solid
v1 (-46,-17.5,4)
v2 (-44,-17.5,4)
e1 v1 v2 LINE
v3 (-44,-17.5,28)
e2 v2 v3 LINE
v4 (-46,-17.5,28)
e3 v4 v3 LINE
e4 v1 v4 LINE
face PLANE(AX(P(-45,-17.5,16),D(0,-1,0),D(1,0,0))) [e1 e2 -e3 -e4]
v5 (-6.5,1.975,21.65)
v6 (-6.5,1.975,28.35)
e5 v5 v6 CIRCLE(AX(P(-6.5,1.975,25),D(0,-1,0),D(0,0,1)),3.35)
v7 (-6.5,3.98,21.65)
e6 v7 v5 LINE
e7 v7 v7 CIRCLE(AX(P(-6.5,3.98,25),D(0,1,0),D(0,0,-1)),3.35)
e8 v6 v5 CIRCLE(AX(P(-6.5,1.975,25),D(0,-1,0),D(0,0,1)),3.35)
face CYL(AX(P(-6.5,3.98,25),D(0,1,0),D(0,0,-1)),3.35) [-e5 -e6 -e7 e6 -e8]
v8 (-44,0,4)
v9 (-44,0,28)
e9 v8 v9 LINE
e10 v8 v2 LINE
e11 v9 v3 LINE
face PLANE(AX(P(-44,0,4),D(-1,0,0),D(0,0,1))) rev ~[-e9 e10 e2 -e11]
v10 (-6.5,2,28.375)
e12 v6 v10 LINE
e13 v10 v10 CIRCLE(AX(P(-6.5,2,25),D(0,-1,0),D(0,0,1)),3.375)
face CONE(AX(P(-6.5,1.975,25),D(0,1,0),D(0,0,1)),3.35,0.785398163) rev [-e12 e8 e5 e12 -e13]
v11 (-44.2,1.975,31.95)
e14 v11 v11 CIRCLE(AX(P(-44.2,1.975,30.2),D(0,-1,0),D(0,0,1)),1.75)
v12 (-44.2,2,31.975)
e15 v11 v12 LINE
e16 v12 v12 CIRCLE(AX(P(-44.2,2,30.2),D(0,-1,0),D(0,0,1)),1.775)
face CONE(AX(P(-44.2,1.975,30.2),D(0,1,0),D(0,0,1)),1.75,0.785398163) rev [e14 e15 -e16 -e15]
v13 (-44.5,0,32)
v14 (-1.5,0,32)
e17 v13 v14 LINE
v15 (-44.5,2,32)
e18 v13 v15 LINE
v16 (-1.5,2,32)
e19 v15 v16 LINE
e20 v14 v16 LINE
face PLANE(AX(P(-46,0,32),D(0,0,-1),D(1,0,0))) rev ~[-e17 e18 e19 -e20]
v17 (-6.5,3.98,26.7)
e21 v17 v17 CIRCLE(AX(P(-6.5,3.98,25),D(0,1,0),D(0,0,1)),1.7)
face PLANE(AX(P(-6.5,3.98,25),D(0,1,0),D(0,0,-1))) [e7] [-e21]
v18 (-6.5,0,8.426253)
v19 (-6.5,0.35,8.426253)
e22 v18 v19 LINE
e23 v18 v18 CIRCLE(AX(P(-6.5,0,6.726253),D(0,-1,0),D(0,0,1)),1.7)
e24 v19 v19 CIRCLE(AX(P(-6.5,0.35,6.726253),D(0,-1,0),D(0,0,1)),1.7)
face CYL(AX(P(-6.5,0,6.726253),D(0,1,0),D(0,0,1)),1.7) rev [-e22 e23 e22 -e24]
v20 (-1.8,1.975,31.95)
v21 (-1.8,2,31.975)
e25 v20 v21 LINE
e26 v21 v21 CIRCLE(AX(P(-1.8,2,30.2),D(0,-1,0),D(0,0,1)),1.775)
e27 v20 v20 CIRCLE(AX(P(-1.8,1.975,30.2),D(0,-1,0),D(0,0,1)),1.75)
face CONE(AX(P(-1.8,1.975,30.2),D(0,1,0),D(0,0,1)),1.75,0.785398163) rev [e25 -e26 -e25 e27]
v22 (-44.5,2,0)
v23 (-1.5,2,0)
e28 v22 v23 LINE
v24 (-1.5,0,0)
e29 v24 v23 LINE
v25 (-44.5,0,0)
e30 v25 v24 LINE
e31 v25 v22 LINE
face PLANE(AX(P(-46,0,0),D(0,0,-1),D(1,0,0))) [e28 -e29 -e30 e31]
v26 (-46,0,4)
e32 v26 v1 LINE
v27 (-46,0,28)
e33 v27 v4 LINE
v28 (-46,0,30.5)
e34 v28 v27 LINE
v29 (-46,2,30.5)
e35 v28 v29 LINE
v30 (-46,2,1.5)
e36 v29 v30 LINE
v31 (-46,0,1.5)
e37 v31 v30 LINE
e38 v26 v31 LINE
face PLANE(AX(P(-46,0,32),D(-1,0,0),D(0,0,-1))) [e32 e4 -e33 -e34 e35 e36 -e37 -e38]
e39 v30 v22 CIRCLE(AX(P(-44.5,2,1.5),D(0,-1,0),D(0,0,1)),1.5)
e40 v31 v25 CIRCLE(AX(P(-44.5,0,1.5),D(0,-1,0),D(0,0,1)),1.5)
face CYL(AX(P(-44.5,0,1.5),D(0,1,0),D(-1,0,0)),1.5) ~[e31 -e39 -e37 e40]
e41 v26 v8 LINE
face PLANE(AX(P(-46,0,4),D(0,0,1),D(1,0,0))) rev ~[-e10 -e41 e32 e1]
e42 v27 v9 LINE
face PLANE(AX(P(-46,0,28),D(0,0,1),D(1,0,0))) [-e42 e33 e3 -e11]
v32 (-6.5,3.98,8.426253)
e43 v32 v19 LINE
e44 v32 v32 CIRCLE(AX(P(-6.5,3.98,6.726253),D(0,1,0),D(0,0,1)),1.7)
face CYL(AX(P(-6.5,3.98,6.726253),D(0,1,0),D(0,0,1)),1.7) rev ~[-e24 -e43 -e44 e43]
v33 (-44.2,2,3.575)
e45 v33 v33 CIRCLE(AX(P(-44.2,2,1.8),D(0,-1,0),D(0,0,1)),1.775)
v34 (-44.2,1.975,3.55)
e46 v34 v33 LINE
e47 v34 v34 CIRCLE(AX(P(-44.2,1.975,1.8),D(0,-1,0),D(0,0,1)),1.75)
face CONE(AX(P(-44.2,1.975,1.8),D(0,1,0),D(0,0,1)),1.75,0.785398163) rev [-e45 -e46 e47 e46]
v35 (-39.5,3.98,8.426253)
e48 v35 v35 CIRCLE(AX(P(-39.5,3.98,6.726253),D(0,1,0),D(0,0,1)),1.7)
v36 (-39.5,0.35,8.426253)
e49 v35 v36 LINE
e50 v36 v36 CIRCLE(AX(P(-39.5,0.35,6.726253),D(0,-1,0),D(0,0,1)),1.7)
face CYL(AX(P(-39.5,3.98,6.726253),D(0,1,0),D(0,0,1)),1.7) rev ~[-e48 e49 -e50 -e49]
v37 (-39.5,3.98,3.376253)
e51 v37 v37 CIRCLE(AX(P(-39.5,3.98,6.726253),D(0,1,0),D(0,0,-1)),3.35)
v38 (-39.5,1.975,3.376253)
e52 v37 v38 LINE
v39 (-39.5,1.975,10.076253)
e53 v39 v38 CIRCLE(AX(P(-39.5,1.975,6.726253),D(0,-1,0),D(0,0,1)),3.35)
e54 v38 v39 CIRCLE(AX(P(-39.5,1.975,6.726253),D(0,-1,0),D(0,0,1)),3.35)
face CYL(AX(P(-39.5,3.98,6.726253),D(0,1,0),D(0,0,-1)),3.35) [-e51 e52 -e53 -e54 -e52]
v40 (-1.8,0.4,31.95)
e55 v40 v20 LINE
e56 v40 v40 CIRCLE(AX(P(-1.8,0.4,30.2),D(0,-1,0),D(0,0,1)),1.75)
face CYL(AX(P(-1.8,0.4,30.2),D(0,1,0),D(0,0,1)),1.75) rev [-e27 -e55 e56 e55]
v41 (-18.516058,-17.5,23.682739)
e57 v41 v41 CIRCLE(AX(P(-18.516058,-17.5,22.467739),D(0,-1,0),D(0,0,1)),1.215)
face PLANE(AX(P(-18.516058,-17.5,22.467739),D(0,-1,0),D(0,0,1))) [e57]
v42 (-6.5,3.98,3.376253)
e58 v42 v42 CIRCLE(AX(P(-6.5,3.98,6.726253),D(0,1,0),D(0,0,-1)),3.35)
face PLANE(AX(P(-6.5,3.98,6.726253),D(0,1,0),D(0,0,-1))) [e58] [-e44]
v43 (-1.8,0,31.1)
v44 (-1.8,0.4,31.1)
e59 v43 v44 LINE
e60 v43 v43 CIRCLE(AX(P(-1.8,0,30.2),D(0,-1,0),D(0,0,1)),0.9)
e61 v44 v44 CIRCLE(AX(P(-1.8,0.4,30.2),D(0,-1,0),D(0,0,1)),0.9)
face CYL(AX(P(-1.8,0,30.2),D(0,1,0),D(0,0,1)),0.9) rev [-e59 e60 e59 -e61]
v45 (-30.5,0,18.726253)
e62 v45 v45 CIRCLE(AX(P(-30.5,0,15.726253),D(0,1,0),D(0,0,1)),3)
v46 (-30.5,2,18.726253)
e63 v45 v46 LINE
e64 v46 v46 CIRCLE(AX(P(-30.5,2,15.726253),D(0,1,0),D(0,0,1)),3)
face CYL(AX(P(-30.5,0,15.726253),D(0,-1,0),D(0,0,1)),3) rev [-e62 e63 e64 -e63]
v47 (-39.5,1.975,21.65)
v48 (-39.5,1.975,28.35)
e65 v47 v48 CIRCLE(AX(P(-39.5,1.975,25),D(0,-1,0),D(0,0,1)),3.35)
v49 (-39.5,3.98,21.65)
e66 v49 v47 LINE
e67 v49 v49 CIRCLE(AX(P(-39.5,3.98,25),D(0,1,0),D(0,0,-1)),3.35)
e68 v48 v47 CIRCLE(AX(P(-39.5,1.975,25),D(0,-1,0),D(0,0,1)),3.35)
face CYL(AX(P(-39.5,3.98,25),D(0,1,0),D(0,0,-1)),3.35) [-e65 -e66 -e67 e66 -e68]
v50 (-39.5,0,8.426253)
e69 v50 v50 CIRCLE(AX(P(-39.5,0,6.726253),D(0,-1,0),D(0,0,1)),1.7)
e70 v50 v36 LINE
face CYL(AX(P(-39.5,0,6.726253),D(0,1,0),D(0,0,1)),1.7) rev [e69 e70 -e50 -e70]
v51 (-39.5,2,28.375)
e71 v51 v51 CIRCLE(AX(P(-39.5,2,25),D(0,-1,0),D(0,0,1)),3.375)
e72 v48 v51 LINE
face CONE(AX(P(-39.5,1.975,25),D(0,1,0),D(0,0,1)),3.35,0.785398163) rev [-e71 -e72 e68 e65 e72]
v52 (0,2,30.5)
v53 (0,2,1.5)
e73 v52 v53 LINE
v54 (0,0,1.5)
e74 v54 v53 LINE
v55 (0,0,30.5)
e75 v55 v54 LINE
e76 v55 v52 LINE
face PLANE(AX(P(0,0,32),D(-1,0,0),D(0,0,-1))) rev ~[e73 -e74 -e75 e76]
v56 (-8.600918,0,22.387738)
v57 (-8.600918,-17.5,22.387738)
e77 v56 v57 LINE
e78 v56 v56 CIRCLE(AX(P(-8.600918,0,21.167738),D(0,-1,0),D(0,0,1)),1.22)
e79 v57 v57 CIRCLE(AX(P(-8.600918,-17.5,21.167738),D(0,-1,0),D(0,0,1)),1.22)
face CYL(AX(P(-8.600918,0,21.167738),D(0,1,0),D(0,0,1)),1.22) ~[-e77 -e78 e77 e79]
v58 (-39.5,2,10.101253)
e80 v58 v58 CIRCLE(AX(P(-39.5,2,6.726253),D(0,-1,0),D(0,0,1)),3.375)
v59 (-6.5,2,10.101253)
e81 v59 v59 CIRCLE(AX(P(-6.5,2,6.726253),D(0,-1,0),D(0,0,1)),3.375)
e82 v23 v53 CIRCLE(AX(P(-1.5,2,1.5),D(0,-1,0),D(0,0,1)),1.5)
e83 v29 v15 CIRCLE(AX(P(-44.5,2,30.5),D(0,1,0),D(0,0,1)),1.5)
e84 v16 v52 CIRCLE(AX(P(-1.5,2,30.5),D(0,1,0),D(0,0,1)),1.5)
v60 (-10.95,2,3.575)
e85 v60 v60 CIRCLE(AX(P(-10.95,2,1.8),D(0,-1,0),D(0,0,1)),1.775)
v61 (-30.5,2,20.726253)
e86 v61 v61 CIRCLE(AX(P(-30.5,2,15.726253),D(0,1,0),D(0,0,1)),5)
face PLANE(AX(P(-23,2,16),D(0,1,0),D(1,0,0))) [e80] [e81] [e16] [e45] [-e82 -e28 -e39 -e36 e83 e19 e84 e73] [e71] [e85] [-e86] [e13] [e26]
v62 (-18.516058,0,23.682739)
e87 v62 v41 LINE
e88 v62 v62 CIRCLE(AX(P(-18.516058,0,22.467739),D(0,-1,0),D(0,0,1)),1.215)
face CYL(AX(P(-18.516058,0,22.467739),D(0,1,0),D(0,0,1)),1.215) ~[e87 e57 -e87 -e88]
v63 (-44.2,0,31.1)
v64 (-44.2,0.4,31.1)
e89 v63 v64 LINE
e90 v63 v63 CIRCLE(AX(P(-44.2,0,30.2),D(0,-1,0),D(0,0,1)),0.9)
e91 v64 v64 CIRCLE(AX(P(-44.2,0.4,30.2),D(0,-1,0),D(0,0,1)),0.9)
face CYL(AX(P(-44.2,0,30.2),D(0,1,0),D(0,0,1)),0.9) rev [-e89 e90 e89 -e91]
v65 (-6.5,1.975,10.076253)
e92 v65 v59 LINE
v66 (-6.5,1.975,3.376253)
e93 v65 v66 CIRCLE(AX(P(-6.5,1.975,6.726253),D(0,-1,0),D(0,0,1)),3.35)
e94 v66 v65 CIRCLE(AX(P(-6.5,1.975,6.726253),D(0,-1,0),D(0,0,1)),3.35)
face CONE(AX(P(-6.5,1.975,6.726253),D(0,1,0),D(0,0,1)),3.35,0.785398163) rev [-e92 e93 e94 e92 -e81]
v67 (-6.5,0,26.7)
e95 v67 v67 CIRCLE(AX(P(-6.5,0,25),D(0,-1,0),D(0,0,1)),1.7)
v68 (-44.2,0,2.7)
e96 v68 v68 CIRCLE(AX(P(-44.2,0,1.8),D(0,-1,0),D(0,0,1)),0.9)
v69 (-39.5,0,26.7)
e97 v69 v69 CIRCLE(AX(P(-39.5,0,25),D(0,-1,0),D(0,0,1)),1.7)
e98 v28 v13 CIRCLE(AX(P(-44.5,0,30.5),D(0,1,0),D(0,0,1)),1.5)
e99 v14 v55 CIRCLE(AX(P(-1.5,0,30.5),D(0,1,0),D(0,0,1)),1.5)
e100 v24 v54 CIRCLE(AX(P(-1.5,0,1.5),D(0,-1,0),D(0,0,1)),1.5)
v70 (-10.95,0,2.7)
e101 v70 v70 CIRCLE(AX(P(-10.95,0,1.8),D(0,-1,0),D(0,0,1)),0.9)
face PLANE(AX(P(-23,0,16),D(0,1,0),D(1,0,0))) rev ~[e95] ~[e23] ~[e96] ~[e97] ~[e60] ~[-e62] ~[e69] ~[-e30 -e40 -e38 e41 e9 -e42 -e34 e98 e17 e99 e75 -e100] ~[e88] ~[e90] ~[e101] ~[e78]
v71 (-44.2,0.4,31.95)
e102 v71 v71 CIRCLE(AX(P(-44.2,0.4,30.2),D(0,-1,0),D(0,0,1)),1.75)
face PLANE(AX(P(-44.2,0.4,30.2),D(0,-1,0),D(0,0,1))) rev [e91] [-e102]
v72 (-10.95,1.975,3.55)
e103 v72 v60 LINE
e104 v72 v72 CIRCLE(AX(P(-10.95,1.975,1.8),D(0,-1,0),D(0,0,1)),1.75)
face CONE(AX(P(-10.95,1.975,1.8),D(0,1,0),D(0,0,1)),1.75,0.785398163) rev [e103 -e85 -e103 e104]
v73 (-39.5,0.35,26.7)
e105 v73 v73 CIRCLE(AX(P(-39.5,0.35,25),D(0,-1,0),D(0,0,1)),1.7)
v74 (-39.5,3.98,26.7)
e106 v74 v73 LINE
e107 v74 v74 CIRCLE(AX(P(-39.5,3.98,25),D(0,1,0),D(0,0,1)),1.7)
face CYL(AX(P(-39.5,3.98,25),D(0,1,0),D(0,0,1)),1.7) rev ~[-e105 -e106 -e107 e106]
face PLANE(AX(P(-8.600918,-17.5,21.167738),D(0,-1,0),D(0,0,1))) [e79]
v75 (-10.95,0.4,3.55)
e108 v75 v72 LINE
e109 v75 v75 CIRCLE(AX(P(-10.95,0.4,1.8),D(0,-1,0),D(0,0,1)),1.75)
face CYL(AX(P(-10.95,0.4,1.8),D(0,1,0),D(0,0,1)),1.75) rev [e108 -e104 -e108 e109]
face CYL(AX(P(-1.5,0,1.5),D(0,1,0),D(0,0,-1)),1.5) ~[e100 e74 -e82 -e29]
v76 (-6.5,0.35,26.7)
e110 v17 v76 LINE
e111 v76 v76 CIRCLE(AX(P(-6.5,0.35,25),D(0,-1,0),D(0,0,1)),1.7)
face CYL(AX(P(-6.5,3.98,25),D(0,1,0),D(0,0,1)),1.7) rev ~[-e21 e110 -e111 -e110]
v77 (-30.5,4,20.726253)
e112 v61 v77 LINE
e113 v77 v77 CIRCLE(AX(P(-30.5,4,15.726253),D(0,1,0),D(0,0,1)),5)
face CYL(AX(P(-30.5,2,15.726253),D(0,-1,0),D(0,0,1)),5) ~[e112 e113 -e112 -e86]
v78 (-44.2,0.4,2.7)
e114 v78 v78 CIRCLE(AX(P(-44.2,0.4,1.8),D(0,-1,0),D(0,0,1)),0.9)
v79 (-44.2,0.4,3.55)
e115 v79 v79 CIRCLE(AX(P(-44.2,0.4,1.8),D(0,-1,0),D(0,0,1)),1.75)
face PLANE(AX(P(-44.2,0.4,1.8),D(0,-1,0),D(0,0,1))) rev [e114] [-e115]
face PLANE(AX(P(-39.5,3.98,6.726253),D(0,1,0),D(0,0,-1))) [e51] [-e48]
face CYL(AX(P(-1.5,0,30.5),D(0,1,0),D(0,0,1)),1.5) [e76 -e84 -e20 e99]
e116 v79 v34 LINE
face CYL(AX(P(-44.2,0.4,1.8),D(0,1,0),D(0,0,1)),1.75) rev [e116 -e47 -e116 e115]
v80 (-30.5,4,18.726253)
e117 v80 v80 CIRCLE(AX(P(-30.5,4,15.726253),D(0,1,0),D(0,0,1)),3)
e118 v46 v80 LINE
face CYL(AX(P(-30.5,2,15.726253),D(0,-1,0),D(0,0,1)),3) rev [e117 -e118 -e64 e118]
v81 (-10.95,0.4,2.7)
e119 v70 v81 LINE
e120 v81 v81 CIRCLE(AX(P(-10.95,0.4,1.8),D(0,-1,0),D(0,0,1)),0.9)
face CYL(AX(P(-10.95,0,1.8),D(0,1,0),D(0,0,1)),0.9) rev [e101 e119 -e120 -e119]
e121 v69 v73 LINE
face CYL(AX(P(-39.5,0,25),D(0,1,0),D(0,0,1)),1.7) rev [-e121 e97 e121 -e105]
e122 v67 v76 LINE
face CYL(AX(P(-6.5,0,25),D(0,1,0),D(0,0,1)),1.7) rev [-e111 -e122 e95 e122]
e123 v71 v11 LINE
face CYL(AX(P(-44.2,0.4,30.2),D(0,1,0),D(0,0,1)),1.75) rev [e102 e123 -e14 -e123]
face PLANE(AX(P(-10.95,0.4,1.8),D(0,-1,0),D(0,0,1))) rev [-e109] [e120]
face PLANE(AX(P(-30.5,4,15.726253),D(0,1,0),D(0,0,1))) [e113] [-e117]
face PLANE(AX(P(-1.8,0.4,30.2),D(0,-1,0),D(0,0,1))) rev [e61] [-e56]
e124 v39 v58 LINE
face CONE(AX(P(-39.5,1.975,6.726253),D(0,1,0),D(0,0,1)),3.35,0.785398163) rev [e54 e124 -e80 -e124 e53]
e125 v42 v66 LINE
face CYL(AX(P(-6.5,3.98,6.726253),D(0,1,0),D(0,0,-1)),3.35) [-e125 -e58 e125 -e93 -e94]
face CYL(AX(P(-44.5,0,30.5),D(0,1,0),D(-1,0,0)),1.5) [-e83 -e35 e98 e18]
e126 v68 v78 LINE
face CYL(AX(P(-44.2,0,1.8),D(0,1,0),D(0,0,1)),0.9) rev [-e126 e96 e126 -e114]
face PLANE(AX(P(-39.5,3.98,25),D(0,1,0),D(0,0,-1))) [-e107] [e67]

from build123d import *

# Parameters (mm, degrees)
SKETCH1_W                       = 46
SKETCH1_H                       = 32
BOSS_EXTRUDE1_DEPTH             = 2
CBORE_FOR_M3_SBHCS1_AT_2_COUNT  = 2
CBORE_FOR_M3_SBHCS1_AT_2_PITCH  = 18.273746641
CBORE_FOR_M3_SBHCS1_AT_3_COUNT  = 2
CBORE_FOR_M3_SBHCS1_AT_3_PITCH  = 37.721741957
CBORE_FOR_M3_SBHCS1_AT_4_COUNT  = 2
CBORE_FOR_M3_SBHCS1_AT_4_PITCH  = 33
BOSS_EXTRUDE2_START             = 3.63
SKETCH9_R                       = 3.35
SKETCH9_R_2                     = 1.7
BOSS_EXTRUDE2_DEPTH             = 3.63
SKETCH11_R                      = 5
SKETCH11_R_2                    = 3
BOSS_EXTRUDE3_DEPTH             = 2
CBORE_FOR_M1_6_SHCS1_AT_2_COUNT = 2
CBORE_FOR_M1_6_SHCS1_AT_2_PITCH = 33.25
CBORE_FOR_M1_6_SHCS1_AT_3_COUNT = 2
CBORE_FOR_M1_6_SHCS1_AT_3_PITCH = 51.03253864
CBORE_FOR_M1_6_SHCS1_AT_4_COUNT = 2
CBORE_FOR_M1_6_SHCS1_AT_4_PITCH = 28.4
CUT_EXTRUDE1_START              = -2
SKETCH17_R                      = 3
CUT_EXTRUDE1_DEPTH              = 2
FILLET1_R                       = 1.5
SKETCH18_W                      = 2
SKETCH18_H                      = 24
BOSS_EXTRUDE4_DEPTH             = 17.5
SKETCH19_R                      = 1.215
SKETCH19_R_2                    = 1.22
BOSS_EXTRUDE5_DEPTH             = 17.5


with BuildPart() as part:
    # Sketch1 → Boss-Extrude1 (new body)
    with BuildSketch(Plane(origin=(0, 0, 0), x_dir=(1, 0, 0), z_dir=(0, 1, 0))):
        with Locations((-23, -16)):
            Rectangle(SKETCH1_W, SKETCH1_H)
    extrude(amount=BOSS_EXTRUDE1_DEPTH)

    # Sketch7 → CBORE for M3 SBHCS1 (revolve, cut)
    with BuildSketch(Plane(origin=(-39.5, 2, 6.726253359), x_dir=(0, 0, 1), z_dir=(1, 0, 0))):
        Polygon((0, 0), (0, 3.021463052), (1.7, 2), (1.7, 1.65), (3.35, 1.65), (3.35, 0.025), (3.375, 0), align=None)
    cbore_for_m3_sbhcs1 = revolve(axis=Axis((-39.5, 8.35, 6.726253359), (0, -1, 0)), mode=Mode.SUBTRACT)

    # CBORE for M3 SBHCS1 at 2: CBORE for M3 SBHCS1 ×2
    with Locations(*[(0, 0, i * CBORE_FOR_M3_SBHCS1_AT_2_PITCH) for i in range(1, CBORE_FOR_M3_SBHCS1_AT_2_COUNT)]):
        add(cbore_for_m3_sbhcs1, mode=Mode.SUBTRACT)

    # CBORE for M3 SBHCS1 at 3: CBORE for M3 SBHCS1 ×2
    with Locations(*[Vector(0.874827043707974, 0, 0.4844353864006702) * (i * CBORE_FOR_M3_SBHCS1_AT_3_PITCH) for i in range(1, CBORE_FOR_M3_SBHCS1_AT_3_COUNT)]):
        add(cbore_for_m3_sbhcs1, mode=Mode.SUBTRACT)

    # CBORE for M3 SBHCS1 at 4: CBORE for M3 SBHCS1 ×2
    with Locations(*[(i * CBORE_FOR_M3_SBHCS1_AT_4_PITCH, 0, 0) for i in range(1, CBORE_FOR_M3_SBHCS1_AT_4_COUNT)]):
        add(cbore_for_m3_sbhcs1, mode=Mode.SUBTRACT)

    # Sketch9 → Boss-Extrude2 (add)
    # profile 1 of 4: a face of its own
    with BuildSketch(Plane(origin=(-49.887058416, 0.35, -0.273746641), x_dir=(1, 0, 0), z_dir=(0, 1, 0)).offset(BOSS_EXTRUDE2_START)):
        with Locations(Location((10.387058416, -25.273746641, 0), (0, 0, 90))):
            Circle(SKETCH9_R)
        with Locations(Location((10.387058416, -25.273746641, 0), (0, 0, 270))):
            Circle(SKETCH9_R_2, mode=Mode.SUBTRACT)
    # profile 2 of 4: a face of its own
    with BuildSketch(Plane(origin=(-49.887058416, 0.35, -0.273746641), x_dir=(1, 0, 0), z_dir=(0, 1, 0)).offset(BOSS_EXTRUDE2_START)):
        with Locations(Location((43.387058416, -25.273746641, 0), (0, 0, 90))):
            Circle(SKETCH9_R)
        with Locations(Location((43.387058416, -25.273746641, 0), (0, 0, 270))):
            Circle(SKETCH9_R_2, mode=Mode.SUBTRACT)
    # profile 3 of 4: a face of its own
    with BuildSketch(Plane(origin=(-49.887058416, 0.35, -0.273746641), x_dir=(1, 0, 0), z_dir=(0, 1, 0)).offset(BOSS_EXTRUDE2_START)):
        with Locations(Location((43.387058416, -7, 0), (0, 0, 90))):
            Circle(SKETCH9_R)
        with Locations(Location((43.387058416, -7, 0), (0, 0, 270))):
            Circle(SKETCH9_R_2, mode=Mode.SUBTRACT)
    # profile 4 of 4: a face of its own
    with BuildSketch(Plane(origin=(-49.887058416, 0.35, -0.273746641), x_dir=(1, 0, 0), z_dir=(0, 1, 0)).offset(BOSS_EXTRUDE2_START)):
        with Locations(Location((10.387058416, -7, 0), (0, 0, 90))):
            Circle(SKETCH9_R)
        with Locations(Location((10.387058416, -7, 0), (0, 0, 270))):
            Circle(SKETCH9_R_2, mode=Mode.SUBTRACT)
    extrude(amount=-BOSS_EXTRUDE2_DEPTH)

    # Sketch11 → Boss-Extrude3 (add)
    with BuildSketch(Plane(origin=(-49.887058416, 2, -0.273746641), x_dir=(1, 0, 0), z_dir=(0, 1, 0))):
        with Locations(Location((19.387058416, -16, 0), (0, 0, 270))):
            Circle(SKETCH11_R)
        with Locations(Location((19.387058416, -16, 0), (0, 0, 270))):
            Circle(SKETCH11_R_2, mode=Mode.SUBTRACT)
    extrude(amount=BOSS_EXTRUDE3_DEPTH)

    # Sketch16 → CBORE for M1.6 SHCS1 (revolve, cut)
    with BuildSketch(Plane(origin=(-44.2, 2, 1.8), x_dir=(0, 0, 1), z_dir=(1, 0, 0))):
        Polygon((0, 0), (0, 2), (0.9, 2), (0.9, 1.6), (1.75, 1.6), (1.75, 0.025), (1.775, 0), align=None)
    cbore_for_m1_6_shcs1 = revolve(axis=Axis((-44.2, 8.35, 1.8), (0, -1, 0)), mode=Mode.SUBTRACT)

    # CBORE for M1.6 SHCS1 at 2: CBORE for M1.6 SHCS1 ×2
    with Locations(*[(i * CBORE_FOR_M1_6_SHCS1_AT_2_PITCH, 0, 0) for i in range(1, CBORE_FOR_M1_6_SHCS1_AT_2_COUNT)]):
        add(cbore_for_m1_6_shcs1, mode=Mode.SUBTRACT)

    # CBORE for M1.6 SHCS1 at 3: CBORE for M1.6 SHCS1 ×2
    with Locations(*[Vector(0.8308424611100395, 0, 0.5565076862152155) * (i * CBORE_FOR_M1_6_SHCS1_AT_3_PITCH) for i in range(1, CBORE_FOR_M1_6_SHCS1_AT_3_COUNT)]):
        add(cbore_for_m1_6_shcs1, mode=Mode.SUBTRACT)

    # CBORE for M1.6 SHCS1 at 4: CBORE for M1.6 SHCS1 ×2
    with Locations(*[(0, 0, i * CBORE_FOR_M1_6_SHCS1_AT_4_PITCH) for i in range(1, CBORE_FOR_M1_6_SHCS1_AT_4_COUNT)]):
        add(cbore_for_m1_6_shcs1, mode=Mode.SUBTRACT)

    # Sketch17 → Cut-Extrude1 (cut)
    with BuildSketch(Plane(origin=(0, 2, 0), x_dir=(1, 0, 0), z_dir=(0, 1, 0)).offset(CUT_EXTRUDE1_START)):
        with Locations(Location((-30.5, -15.726253359, 0), (0, 0, 270))):
            Circle(SKETCH17_R)
    extrude(amount=CUT_EXTRUDE1_DEPTH, mode=Mode.SUBTRACT)

    # Fillet1
    fillet1_edges = [part.edges().sort_by_distance(p)[0] for p in [
        (0, 1, 32),
        (0, 1, 0),
        (-46, 1, 0),
        (-46, 1, 32),
    ]]
    fillet(fillet1_edges, radius=FILLET1_R)

    # Sketch18 → Boss-Extrude4 (add)
    with BuildSketch(Plane.XZ):
        with Locations((-45, 16)):
            Rectangle(SKETCH18_W, SKETCH18_H)
    extrude(amount=BOSS_EXTRUDE4_DEPTH)

    # Sketch19 → Boss-Extrude5 (add)
    with BuildSketch(Plane.XZ):
        with Locations(Location((-18.516057742, 22.467738948, 0), (0, 0, 90))):
            Circle(SKETCH19_R)
        with Locations(Location((-8.600917975, 21.167737636, 0), (0, 0, 90))):
            Circle(SKETCH19_R_2)
    extrude(amount=BOSS_EXTRUDE5_DEPTH)


solid = part.part
